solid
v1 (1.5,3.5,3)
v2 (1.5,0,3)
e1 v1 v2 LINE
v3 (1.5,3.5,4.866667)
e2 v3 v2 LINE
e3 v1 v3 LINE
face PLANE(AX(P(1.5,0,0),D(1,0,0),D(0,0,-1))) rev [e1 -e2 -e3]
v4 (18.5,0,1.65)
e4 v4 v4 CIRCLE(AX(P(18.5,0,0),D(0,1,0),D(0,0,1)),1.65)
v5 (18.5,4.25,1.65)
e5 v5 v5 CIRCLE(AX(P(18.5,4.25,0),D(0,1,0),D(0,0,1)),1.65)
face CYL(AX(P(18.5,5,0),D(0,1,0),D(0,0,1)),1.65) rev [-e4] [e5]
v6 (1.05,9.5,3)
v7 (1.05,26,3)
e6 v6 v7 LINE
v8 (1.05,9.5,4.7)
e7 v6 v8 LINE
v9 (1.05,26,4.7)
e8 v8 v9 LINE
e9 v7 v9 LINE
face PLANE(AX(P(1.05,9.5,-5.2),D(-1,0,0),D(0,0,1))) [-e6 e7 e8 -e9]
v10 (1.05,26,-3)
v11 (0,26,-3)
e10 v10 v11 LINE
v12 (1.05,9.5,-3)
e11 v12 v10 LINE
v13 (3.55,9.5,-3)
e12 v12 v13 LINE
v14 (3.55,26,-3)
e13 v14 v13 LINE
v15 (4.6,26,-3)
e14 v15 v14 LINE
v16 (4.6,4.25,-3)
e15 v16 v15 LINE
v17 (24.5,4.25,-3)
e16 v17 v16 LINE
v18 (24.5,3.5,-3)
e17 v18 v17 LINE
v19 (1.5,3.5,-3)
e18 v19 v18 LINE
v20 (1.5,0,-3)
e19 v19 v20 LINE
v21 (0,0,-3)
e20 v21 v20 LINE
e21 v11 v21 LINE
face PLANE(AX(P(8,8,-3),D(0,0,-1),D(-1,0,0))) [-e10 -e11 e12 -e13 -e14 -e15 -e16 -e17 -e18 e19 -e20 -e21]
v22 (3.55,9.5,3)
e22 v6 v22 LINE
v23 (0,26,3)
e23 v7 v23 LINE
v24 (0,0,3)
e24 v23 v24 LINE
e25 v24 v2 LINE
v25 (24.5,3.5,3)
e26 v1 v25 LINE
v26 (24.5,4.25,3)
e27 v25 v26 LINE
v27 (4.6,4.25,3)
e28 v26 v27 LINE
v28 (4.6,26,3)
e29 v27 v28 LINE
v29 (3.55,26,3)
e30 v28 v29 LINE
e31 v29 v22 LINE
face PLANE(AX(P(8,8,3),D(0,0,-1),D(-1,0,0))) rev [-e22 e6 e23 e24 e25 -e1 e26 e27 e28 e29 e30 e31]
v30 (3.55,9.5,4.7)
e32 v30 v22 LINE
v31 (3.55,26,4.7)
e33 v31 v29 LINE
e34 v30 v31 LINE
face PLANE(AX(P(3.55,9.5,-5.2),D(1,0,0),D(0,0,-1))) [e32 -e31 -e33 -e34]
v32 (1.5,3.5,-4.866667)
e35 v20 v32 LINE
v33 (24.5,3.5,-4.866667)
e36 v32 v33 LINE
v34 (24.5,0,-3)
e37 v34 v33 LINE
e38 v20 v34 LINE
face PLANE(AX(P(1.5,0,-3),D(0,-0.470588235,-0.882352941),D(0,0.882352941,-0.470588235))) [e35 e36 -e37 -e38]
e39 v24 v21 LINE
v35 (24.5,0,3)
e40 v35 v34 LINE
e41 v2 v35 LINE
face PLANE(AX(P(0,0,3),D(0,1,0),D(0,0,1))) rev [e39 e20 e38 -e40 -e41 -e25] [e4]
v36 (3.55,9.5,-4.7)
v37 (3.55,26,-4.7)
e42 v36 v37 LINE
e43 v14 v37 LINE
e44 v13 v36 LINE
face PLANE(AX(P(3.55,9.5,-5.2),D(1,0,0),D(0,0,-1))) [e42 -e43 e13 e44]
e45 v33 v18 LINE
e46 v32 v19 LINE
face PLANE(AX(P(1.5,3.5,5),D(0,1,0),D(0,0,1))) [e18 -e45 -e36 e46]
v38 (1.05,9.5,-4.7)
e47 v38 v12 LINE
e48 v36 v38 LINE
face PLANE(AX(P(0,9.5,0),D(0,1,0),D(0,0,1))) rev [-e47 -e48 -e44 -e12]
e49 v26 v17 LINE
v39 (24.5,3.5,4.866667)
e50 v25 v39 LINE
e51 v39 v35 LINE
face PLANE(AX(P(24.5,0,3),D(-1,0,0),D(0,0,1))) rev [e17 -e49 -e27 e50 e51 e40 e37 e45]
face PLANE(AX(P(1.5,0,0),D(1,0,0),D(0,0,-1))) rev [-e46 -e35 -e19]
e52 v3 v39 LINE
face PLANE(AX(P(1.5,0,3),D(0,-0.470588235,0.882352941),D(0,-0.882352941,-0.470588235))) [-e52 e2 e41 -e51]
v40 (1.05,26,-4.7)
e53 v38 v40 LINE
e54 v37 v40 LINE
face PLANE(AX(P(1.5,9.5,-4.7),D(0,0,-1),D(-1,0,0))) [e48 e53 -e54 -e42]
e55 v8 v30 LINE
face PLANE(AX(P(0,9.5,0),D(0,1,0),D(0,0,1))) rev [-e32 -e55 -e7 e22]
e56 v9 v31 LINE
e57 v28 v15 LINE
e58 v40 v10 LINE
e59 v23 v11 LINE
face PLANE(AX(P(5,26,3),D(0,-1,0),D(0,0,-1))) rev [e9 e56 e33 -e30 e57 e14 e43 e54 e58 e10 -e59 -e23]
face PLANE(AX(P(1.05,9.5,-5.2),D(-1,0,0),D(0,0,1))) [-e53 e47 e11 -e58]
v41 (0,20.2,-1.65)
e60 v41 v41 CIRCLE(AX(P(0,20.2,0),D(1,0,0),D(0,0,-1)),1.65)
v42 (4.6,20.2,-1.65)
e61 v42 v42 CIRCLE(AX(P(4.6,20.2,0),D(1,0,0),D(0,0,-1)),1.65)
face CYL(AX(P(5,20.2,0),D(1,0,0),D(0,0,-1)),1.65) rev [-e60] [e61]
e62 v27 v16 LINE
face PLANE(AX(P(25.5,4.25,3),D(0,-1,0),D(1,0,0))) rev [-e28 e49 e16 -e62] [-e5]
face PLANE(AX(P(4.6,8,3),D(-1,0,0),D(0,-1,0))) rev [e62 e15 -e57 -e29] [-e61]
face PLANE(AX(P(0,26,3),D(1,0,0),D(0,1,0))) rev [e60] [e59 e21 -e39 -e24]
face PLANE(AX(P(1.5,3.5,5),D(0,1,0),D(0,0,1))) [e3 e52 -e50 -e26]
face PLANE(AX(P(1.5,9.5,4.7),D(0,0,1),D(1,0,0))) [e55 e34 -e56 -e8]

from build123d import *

# Parameters (mm, degrees)
BOSS_EXTRUDE1_DEPTH   = 3
BOSS_EXTRUDE2_DEPTH   = 24
SKETCH3_W             = 1.3
SKETCH3_H             = 10.4
BOSS_EXTRUDE3_DEPTH   = 16.5
M4X0_7_TAPPED_HOLE1_D = 3.3
M4X0_7_TAPPED_HOLE2_D = 3.3
SKETCH9_W             = 3
SKETCH9_H             = 3
CUT_EXTRUDE1_DEPTH    = 38.329478968
MOVE_FACE1_BY         = 0.75
MOVE_FACE2_BY         = 0.4
MOVE_FACE3_BY         = 0.75
MOVE_FACE3_2_BY       = 0.75
MOVE_FACE4_BY         = 0.45
MOVE_FACE4_2_BY       = 0.45
MOVE_FACE5_BY         = 0.5
MOVE_FACE5_2_BY       = 0.5
MOVE_FACE6_BY         = 1
MOVE_FACE8_BY         = 0.25
MOVE_FACE8_2_BY       = 0.25


with BuildPart() as part:
    # Sketch1 → Boss-Extrude1 (new, symmetric)
    with BuildSketch(Plane.XY):
        with BuildLine():
            Line((0, 26), (0, 0))
            Line((0, 0), (25.5, 0))
            Line((25.5, 0), (25.5, 5))
            Line((25.5, 5), (8, 5))
            ThreePointArc((8, 5), (5.878679656, 5.878679656), (5, 8))
            Line((5, 8), (5, 26))
            Line((5, 26), (0, 26))
        make_face()
    extrude(amount=BOSS_EXTRUDE1_DEPTH, both=True)

    # Sketch2 → Boss-Extrude2 (add)
    with BuildSketch(Plane(origin=(25.5, 0, 0), x_dir=(0, 0, -1), z_dir=(1, 0, 0))):
        Polygon((-3, 0), (-5, 3.75), (5, 3.75), (3, 0), align=None)
    extrude(amount=-BOSS_EXTRUDE2_DEPTH)

    # Sketch3 → Boss-Extrude3 (add)
    with BuildSketch(Plane(origin=(0, 26, 0), x_dir=(1, 0, 0), z_dir=(0, 1, 0))):
        with Locations((2.15, 0)):
            Rectangle(SKETCH3_W, SKETCH3_H)
    extrude(amount=-BOSS_EXTRUDE3_DEPTH)

    # M4x0.7 Tapped Hole1 (through all)
    with Locations(Plane(origin=(0, 5, 0), x_dir=(1, 0, 0), z_dir=(0, 1, 0))):
        with Locations((18.5, 0)):
            Hole(M4X0_7_TAPPED_HOLE1_D / 2)

    # M4x0.7 Tapped Hole2 (through all)
    with Locations(Plane(origin=(5, 0, 0), x_dir=(0, 0, -1), z_dir=(1, 0, 0))):
        with Locations((0, 20.2)):
            Hole(M4X0_7_TAPPED_HOLE2_D / 2)

    # Sketch9 → Cut-Extrude1 (cut, through all)
    with BuildSketch(Plane(origin=(0, 0, -3), x_dir=(-1, 0, 0), z_dir=(0, 0, -1))):
        with Locations((-6.5, 6.5)):
            Rectangle(SKETCH9_W, SKETCH9_H)
    extrude(amount=-CUT_EXTRUDE1_DEPTH, mode=Mode.SUBTRACT)

    # Move Face1: a face moved inward by 0.75
    extrude(part.faces().sort_by_distance((15.007117259, 5, 0))[0], amount=MOVE_FACE1_BY, dir=(0, -1, 0), mode=Mode.SUBTRACT)

    # Move Face2: a face moved inward by 0.4
    extrude(part.faces().sort_by_distance((5, 14.769055213, 0))[0], amount=MOVE_FACE2_BY, dir=(-1, 0, 0), mode=Mode.SUBTRACT)

    # Move Face3: a face moved outward by 0.75
    extrude(part.faces().sort_by_distance((2.8, 17.75, 4.1))[0], amount=MOVE_FACE3_BY, dir=(1, 0, 0))

    # Move Face3 2: a face moved outward by 0.75
    extrude(part.faces().sort_by_distance((2.8, 17.75, -4.1))[0], amount=MOVE_FACE3_2_BY, dir=(1, 0, 0))

    # Move Face4: a face moved outward by 0.45
    extrude(part.faces().sort_by_distance((1.5, 17.75, 4.1))[0], amount=MOVE_FACE4_BY, dir=(-1, 0, 0))

    # Move Face4 2: a face moved outward by 0.45
    extrude(part.faces().sort_by_distance((1.5, 17.75, -4.1))[0], amount=MOVE_FACE4_2_BY, dir=(-1, 0, 0))

    # Move Face5: a face moved inward by 0.5
    extrude(part.faces().sort_by_distance((2.3, 17.75, 5.2))[0], amount=MOVE_FACE5_BY, dir=(0, 0, -1), mode=Mode.SUBTRACT)

    # Move Face5 2: a face moved inward by 0.5
    extrude(part.faces().sort_by_distance((2.3, 17.75, -5.2))[0], amount=MOVE_FACE5_2_BY, dir=(0, 0, 1), mode=Mode.SUBTRACT)

    # Move Face6: a face moved inward by 1.0
    extrude(part.faces().sort_by_distance((25.5, 2.210227273, 0))[0], amount=MOVE_FACE6_BY, dir=(-1, 0, 0), mode=Mode.SUBTRACT)

    # Move Face8: a face moved inward by 0.25
    extrude(part.faces().sort_by_distance((13, 3.75, -4))[0], amount=MOVE_FACE8_BY, dir=(0, -1, 0), mode=Mode.SUBTRACT)

    # Move Face8 2: a face moved inward by 0.25
    extrude(part.faces().sort_by_distance((13, 3.75, 4))[0], amount=MOVE_FACE8_2_BY, dir=(0, -1, 0), mode=Mode.SUBTRACT)


solid = part.part
